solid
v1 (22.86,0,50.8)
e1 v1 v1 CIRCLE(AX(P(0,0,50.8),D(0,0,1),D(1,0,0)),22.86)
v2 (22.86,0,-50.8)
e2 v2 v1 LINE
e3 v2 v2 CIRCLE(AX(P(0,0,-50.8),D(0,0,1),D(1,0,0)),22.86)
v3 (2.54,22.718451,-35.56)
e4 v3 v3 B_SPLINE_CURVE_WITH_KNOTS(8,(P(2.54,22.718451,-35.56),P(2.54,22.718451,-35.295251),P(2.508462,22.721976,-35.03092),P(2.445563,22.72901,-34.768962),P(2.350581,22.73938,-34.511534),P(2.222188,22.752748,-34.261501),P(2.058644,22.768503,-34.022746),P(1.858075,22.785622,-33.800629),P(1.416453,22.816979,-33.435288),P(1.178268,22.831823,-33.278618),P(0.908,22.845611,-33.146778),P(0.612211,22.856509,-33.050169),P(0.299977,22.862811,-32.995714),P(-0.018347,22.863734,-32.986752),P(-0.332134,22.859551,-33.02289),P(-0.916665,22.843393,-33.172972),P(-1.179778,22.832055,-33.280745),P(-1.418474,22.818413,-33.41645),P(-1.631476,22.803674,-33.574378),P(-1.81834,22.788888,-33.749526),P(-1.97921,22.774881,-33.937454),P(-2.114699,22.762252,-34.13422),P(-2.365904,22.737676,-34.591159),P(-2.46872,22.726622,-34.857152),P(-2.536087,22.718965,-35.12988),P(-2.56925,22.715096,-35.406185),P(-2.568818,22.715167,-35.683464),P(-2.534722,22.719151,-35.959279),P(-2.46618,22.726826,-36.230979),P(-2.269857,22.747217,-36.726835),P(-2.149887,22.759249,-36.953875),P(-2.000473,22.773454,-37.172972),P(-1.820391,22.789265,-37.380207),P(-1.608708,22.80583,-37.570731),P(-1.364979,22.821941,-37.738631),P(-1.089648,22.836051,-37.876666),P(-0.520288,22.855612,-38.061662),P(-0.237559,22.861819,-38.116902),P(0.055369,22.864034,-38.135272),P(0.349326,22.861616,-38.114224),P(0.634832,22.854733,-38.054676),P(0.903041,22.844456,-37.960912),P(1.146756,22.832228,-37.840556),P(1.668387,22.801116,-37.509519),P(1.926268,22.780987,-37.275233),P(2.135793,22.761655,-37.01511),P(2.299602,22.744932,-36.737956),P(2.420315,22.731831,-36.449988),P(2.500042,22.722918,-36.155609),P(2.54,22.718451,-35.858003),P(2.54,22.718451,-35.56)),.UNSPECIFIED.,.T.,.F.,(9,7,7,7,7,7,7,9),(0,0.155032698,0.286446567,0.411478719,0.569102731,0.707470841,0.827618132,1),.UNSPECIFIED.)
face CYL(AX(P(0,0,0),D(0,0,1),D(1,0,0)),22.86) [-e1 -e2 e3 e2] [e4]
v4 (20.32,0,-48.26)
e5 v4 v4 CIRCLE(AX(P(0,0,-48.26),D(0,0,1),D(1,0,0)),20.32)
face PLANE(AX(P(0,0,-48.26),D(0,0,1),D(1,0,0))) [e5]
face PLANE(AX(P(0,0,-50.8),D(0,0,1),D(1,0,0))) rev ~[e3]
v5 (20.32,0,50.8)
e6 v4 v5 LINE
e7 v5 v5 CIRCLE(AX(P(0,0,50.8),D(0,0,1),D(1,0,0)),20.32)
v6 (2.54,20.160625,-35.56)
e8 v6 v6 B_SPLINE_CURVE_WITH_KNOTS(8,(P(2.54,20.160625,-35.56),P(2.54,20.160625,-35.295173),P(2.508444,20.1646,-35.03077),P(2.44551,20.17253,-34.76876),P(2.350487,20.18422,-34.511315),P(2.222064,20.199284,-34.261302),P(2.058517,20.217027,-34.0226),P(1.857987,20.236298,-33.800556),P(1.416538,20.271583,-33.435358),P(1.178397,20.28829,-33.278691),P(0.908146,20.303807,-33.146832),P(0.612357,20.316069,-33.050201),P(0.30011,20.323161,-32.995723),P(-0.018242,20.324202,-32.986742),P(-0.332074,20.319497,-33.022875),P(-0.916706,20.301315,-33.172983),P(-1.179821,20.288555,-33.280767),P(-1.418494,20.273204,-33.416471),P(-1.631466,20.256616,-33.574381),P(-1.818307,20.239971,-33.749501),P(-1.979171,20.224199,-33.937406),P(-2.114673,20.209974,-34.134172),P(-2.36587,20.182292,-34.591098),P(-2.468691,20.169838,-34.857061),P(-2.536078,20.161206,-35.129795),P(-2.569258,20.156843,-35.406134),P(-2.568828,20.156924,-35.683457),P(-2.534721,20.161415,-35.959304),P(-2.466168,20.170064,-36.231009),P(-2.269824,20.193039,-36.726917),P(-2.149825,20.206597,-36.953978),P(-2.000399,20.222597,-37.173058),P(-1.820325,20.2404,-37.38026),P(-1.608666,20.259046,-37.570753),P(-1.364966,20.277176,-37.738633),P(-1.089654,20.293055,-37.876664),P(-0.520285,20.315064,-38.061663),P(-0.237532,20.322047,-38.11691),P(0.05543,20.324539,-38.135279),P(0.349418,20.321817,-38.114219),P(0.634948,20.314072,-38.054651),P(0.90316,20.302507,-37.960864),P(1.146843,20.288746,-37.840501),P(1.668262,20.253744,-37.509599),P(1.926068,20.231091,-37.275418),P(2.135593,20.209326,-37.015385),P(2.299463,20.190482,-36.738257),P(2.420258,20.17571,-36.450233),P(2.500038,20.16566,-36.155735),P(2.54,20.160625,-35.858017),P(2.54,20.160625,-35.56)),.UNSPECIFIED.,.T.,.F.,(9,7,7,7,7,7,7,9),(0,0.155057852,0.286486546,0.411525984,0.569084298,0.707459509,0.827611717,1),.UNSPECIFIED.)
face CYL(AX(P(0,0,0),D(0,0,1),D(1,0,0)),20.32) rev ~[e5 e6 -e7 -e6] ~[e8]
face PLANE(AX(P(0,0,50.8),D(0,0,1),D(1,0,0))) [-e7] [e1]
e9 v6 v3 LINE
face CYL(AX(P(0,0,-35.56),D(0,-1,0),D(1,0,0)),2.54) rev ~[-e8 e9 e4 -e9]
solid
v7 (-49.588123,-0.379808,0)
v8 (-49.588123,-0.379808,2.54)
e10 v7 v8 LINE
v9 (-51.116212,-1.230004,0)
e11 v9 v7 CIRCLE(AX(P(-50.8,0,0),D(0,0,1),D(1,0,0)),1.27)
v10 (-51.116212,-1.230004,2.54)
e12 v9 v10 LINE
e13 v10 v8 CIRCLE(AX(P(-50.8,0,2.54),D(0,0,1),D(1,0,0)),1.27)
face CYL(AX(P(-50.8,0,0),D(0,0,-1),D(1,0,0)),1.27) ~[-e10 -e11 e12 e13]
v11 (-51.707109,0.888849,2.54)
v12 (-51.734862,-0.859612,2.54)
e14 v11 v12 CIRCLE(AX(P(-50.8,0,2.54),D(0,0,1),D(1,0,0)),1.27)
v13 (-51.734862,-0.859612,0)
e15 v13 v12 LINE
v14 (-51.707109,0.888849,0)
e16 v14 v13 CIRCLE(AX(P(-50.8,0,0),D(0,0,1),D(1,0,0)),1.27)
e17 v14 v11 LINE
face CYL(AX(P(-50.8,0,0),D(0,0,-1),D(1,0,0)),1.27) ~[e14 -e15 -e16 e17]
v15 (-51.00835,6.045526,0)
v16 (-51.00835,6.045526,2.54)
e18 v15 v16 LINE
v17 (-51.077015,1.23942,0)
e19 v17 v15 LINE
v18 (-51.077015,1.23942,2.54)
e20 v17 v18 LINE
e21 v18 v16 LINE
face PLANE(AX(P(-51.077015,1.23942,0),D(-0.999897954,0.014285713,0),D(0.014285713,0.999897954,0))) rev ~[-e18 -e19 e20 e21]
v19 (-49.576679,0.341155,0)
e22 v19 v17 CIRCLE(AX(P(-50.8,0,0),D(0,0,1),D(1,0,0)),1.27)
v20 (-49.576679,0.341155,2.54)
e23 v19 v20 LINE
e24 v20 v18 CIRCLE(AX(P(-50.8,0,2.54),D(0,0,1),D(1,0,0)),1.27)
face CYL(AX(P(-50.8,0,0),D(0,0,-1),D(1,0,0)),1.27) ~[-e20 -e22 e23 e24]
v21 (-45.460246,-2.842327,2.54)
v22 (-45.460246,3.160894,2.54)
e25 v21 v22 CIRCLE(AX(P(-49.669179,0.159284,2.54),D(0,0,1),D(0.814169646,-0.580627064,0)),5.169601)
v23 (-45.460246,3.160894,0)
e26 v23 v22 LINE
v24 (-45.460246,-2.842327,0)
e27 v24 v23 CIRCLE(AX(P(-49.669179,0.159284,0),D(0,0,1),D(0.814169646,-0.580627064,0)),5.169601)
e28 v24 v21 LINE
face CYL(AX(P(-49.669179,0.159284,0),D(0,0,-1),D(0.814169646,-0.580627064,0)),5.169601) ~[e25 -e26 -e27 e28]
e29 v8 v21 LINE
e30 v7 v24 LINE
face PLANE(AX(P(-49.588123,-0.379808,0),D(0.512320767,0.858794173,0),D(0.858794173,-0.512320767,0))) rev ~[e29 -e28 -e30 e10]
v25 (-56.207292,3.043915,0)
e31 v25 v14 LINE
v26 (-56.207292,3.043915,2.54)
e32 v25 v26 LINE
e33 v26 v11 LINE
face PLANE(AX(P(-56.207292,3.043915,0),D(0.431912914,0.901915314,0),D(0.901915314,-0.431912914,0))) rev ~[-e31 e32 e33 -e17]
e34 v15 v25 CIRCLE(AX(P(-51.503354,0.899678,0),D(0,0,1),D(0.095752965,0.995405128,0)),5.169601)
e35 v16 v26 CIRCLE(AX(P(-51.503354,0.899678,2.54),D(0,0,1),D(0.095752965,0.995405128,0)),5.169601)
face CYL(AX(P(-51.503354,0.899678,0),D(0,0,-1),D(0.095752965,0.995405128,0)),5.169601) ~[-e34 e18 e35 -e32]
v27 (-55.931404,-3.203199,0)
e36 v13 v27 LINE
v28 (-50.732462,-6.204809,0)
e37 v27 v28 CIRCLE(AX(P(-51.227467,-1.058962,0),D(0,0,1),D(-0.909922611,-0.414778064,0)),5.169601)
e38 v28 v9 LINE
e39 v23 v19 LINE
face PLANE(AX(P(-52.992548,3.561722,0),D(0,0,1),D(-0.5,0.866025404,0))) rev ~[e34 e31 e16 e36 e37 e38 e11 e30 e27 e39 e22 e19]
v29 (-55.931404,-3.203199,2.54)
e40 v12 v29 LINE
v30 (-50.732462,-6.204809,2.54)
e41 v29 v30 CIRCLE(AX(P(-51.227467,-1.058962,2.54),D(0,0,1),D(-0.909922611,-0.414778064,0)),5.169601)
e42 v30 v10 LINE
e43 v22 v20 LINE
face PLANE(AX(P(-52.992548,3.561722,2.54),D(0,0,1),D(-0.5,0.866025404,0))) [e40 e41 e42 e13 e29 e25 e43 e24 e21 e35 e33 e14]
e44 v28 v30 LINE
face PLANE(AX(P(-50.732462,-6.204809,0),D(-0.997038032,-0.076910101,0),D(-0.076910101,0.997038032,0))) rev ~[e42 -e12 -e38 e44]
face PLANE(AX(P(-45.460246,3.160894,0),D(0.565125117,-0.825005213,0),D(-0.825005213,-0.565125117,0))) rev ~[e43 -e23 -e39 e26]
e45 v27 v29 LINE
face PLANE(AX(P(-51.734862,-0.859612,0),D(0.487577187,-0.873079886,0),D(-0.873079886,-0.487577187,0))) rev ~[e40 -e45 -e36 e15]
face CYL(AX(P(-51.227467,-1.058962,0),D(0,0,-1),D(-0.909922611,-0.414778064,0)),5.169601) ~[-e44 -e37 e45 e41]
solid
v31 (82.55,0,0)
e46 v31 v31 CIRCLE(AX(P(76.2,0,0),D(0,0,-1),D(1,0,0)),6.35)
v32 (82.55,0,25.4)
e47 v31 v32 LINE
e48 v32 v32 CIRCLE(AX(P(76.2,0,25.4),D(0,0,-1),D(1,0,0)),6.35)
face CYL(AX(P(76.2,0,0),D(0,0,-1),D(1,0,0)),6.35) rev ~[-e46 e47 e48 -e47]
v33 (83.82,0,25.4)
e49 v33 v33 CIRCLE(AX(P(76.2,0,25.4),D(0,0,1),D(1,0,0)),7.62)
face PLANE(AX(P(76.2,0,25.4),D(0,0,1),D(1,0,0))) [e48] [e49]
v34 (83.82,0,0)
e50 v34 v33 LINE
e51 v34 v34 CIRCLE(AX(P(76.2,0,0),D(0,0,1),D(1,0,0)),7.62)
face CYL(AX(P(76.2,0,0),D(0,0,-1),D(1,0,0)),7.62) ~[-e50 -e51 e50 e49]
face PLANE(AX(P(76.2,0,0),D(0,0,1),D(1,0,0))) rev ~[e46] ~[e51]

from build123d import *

# Parameters (mm, degrees)
F0_R      = 22.86
F1_DEPTH  = 50.8
F2_T      = -2.54
F3_R      = 2.54
F4_DEPTH  = 22.94505
F5_R      = 7.62
F6_DEPTH  = 25.4
F7_R      = 6.35
F8_DEPTH  = 25.4
F9_R      = 1.27
F10_DEPTH = 2.54
F12_DEPTH = 2.54
F13_COUNT = 3
F13_ANGLE = 240


with BuildPart() as f1:
    # F0 (on Top) → F1 (new body, symmetric)
    with BuildSketch(Plane.XY):
        Circle(F0_R)
    extrude(amount=F1_DEPTH, both=True)

    # F2
    f2_openings = [f1.faces().sort_by_distance(p)[0] for p in [
        (0, 0, 50.8),
    ]]
    offset(amount=F2_T, openings=f2_openings)

    # F3 (on Front) → F4 (cut)
    with BuildSketch(Plane.XZ):
        with Locations((0, -35.56)):
            Circle(F3_R)
    extrude(amount=-F4_DEPTH, mode=Mode.SUBTRACT)


with BuildPart() as f6:
    # F5 (on Top) → F6 (new body)
    with BuildSketch(Plane.XY):
        with Locations((76.2, 0)):
            Circle(F5_R)
    extrude(amount=F6_DEPTH)

    # F7 (on face) → F8 (cut)
    with BuildSketch(Plane(origin=(0, 0, 0), x_dir=(1, 0, 0), z_dir=(0, 0, -1))):
        with Locations((76.2, 0)):
            Circle(F7_R)
    extrude(amount=-F8_DEPTH, mode=Mode.SUBTRACT)


with BuildPart() as f10:
    # F9 (on Top) → F10 (new body)
    with BuildSketch(Plane.XY):
        with Locations((-50.8, 0)):
            Circle(F9_R)
    extrude(amount=F10_DEPTH)

    # F11 (on Top) → F12 (join)
    with BuildSketch(Plane.XY):
        with BuildLine():
            ThreePointArc((-49.5766793402, 0.3411547498), (-49.5417239496, 0.1721667245), (-49.53, 0))
            ThreePointArc((-49.53, 0), (-49.5446148316, -0.1921147546), (-49.588122959, -0.3798078954))
            Line((-49.588122959, -0.3798078954), (-45.4602462803, -2.8423268697))
            ThreePointArc((-45.4602462803, -2.8423268697), (-44.4995774109, 0.1592836459), (-45.4602462803, 3.1608941616))
            Line((-45.4602462803, 3.1608941616), (-49.5766793402, 0.3411547498))
        make_face()
    extrude(amount=F12_DEPTH)

    # F13: F10 ×3 about axis
    f13_axis = Axis((-50.8, 0, 0), (0, 0, -1))


with BuildPart() as f10_1:
    add(f10.part)
    for i in range(1, F13_COUNT):
        add(f10.part.rotate(f13_axis, i * F13_ANGLE / (F13_COUNT - 1)))


solid = Compound([f1.part, f6.part, f10_1.part])
